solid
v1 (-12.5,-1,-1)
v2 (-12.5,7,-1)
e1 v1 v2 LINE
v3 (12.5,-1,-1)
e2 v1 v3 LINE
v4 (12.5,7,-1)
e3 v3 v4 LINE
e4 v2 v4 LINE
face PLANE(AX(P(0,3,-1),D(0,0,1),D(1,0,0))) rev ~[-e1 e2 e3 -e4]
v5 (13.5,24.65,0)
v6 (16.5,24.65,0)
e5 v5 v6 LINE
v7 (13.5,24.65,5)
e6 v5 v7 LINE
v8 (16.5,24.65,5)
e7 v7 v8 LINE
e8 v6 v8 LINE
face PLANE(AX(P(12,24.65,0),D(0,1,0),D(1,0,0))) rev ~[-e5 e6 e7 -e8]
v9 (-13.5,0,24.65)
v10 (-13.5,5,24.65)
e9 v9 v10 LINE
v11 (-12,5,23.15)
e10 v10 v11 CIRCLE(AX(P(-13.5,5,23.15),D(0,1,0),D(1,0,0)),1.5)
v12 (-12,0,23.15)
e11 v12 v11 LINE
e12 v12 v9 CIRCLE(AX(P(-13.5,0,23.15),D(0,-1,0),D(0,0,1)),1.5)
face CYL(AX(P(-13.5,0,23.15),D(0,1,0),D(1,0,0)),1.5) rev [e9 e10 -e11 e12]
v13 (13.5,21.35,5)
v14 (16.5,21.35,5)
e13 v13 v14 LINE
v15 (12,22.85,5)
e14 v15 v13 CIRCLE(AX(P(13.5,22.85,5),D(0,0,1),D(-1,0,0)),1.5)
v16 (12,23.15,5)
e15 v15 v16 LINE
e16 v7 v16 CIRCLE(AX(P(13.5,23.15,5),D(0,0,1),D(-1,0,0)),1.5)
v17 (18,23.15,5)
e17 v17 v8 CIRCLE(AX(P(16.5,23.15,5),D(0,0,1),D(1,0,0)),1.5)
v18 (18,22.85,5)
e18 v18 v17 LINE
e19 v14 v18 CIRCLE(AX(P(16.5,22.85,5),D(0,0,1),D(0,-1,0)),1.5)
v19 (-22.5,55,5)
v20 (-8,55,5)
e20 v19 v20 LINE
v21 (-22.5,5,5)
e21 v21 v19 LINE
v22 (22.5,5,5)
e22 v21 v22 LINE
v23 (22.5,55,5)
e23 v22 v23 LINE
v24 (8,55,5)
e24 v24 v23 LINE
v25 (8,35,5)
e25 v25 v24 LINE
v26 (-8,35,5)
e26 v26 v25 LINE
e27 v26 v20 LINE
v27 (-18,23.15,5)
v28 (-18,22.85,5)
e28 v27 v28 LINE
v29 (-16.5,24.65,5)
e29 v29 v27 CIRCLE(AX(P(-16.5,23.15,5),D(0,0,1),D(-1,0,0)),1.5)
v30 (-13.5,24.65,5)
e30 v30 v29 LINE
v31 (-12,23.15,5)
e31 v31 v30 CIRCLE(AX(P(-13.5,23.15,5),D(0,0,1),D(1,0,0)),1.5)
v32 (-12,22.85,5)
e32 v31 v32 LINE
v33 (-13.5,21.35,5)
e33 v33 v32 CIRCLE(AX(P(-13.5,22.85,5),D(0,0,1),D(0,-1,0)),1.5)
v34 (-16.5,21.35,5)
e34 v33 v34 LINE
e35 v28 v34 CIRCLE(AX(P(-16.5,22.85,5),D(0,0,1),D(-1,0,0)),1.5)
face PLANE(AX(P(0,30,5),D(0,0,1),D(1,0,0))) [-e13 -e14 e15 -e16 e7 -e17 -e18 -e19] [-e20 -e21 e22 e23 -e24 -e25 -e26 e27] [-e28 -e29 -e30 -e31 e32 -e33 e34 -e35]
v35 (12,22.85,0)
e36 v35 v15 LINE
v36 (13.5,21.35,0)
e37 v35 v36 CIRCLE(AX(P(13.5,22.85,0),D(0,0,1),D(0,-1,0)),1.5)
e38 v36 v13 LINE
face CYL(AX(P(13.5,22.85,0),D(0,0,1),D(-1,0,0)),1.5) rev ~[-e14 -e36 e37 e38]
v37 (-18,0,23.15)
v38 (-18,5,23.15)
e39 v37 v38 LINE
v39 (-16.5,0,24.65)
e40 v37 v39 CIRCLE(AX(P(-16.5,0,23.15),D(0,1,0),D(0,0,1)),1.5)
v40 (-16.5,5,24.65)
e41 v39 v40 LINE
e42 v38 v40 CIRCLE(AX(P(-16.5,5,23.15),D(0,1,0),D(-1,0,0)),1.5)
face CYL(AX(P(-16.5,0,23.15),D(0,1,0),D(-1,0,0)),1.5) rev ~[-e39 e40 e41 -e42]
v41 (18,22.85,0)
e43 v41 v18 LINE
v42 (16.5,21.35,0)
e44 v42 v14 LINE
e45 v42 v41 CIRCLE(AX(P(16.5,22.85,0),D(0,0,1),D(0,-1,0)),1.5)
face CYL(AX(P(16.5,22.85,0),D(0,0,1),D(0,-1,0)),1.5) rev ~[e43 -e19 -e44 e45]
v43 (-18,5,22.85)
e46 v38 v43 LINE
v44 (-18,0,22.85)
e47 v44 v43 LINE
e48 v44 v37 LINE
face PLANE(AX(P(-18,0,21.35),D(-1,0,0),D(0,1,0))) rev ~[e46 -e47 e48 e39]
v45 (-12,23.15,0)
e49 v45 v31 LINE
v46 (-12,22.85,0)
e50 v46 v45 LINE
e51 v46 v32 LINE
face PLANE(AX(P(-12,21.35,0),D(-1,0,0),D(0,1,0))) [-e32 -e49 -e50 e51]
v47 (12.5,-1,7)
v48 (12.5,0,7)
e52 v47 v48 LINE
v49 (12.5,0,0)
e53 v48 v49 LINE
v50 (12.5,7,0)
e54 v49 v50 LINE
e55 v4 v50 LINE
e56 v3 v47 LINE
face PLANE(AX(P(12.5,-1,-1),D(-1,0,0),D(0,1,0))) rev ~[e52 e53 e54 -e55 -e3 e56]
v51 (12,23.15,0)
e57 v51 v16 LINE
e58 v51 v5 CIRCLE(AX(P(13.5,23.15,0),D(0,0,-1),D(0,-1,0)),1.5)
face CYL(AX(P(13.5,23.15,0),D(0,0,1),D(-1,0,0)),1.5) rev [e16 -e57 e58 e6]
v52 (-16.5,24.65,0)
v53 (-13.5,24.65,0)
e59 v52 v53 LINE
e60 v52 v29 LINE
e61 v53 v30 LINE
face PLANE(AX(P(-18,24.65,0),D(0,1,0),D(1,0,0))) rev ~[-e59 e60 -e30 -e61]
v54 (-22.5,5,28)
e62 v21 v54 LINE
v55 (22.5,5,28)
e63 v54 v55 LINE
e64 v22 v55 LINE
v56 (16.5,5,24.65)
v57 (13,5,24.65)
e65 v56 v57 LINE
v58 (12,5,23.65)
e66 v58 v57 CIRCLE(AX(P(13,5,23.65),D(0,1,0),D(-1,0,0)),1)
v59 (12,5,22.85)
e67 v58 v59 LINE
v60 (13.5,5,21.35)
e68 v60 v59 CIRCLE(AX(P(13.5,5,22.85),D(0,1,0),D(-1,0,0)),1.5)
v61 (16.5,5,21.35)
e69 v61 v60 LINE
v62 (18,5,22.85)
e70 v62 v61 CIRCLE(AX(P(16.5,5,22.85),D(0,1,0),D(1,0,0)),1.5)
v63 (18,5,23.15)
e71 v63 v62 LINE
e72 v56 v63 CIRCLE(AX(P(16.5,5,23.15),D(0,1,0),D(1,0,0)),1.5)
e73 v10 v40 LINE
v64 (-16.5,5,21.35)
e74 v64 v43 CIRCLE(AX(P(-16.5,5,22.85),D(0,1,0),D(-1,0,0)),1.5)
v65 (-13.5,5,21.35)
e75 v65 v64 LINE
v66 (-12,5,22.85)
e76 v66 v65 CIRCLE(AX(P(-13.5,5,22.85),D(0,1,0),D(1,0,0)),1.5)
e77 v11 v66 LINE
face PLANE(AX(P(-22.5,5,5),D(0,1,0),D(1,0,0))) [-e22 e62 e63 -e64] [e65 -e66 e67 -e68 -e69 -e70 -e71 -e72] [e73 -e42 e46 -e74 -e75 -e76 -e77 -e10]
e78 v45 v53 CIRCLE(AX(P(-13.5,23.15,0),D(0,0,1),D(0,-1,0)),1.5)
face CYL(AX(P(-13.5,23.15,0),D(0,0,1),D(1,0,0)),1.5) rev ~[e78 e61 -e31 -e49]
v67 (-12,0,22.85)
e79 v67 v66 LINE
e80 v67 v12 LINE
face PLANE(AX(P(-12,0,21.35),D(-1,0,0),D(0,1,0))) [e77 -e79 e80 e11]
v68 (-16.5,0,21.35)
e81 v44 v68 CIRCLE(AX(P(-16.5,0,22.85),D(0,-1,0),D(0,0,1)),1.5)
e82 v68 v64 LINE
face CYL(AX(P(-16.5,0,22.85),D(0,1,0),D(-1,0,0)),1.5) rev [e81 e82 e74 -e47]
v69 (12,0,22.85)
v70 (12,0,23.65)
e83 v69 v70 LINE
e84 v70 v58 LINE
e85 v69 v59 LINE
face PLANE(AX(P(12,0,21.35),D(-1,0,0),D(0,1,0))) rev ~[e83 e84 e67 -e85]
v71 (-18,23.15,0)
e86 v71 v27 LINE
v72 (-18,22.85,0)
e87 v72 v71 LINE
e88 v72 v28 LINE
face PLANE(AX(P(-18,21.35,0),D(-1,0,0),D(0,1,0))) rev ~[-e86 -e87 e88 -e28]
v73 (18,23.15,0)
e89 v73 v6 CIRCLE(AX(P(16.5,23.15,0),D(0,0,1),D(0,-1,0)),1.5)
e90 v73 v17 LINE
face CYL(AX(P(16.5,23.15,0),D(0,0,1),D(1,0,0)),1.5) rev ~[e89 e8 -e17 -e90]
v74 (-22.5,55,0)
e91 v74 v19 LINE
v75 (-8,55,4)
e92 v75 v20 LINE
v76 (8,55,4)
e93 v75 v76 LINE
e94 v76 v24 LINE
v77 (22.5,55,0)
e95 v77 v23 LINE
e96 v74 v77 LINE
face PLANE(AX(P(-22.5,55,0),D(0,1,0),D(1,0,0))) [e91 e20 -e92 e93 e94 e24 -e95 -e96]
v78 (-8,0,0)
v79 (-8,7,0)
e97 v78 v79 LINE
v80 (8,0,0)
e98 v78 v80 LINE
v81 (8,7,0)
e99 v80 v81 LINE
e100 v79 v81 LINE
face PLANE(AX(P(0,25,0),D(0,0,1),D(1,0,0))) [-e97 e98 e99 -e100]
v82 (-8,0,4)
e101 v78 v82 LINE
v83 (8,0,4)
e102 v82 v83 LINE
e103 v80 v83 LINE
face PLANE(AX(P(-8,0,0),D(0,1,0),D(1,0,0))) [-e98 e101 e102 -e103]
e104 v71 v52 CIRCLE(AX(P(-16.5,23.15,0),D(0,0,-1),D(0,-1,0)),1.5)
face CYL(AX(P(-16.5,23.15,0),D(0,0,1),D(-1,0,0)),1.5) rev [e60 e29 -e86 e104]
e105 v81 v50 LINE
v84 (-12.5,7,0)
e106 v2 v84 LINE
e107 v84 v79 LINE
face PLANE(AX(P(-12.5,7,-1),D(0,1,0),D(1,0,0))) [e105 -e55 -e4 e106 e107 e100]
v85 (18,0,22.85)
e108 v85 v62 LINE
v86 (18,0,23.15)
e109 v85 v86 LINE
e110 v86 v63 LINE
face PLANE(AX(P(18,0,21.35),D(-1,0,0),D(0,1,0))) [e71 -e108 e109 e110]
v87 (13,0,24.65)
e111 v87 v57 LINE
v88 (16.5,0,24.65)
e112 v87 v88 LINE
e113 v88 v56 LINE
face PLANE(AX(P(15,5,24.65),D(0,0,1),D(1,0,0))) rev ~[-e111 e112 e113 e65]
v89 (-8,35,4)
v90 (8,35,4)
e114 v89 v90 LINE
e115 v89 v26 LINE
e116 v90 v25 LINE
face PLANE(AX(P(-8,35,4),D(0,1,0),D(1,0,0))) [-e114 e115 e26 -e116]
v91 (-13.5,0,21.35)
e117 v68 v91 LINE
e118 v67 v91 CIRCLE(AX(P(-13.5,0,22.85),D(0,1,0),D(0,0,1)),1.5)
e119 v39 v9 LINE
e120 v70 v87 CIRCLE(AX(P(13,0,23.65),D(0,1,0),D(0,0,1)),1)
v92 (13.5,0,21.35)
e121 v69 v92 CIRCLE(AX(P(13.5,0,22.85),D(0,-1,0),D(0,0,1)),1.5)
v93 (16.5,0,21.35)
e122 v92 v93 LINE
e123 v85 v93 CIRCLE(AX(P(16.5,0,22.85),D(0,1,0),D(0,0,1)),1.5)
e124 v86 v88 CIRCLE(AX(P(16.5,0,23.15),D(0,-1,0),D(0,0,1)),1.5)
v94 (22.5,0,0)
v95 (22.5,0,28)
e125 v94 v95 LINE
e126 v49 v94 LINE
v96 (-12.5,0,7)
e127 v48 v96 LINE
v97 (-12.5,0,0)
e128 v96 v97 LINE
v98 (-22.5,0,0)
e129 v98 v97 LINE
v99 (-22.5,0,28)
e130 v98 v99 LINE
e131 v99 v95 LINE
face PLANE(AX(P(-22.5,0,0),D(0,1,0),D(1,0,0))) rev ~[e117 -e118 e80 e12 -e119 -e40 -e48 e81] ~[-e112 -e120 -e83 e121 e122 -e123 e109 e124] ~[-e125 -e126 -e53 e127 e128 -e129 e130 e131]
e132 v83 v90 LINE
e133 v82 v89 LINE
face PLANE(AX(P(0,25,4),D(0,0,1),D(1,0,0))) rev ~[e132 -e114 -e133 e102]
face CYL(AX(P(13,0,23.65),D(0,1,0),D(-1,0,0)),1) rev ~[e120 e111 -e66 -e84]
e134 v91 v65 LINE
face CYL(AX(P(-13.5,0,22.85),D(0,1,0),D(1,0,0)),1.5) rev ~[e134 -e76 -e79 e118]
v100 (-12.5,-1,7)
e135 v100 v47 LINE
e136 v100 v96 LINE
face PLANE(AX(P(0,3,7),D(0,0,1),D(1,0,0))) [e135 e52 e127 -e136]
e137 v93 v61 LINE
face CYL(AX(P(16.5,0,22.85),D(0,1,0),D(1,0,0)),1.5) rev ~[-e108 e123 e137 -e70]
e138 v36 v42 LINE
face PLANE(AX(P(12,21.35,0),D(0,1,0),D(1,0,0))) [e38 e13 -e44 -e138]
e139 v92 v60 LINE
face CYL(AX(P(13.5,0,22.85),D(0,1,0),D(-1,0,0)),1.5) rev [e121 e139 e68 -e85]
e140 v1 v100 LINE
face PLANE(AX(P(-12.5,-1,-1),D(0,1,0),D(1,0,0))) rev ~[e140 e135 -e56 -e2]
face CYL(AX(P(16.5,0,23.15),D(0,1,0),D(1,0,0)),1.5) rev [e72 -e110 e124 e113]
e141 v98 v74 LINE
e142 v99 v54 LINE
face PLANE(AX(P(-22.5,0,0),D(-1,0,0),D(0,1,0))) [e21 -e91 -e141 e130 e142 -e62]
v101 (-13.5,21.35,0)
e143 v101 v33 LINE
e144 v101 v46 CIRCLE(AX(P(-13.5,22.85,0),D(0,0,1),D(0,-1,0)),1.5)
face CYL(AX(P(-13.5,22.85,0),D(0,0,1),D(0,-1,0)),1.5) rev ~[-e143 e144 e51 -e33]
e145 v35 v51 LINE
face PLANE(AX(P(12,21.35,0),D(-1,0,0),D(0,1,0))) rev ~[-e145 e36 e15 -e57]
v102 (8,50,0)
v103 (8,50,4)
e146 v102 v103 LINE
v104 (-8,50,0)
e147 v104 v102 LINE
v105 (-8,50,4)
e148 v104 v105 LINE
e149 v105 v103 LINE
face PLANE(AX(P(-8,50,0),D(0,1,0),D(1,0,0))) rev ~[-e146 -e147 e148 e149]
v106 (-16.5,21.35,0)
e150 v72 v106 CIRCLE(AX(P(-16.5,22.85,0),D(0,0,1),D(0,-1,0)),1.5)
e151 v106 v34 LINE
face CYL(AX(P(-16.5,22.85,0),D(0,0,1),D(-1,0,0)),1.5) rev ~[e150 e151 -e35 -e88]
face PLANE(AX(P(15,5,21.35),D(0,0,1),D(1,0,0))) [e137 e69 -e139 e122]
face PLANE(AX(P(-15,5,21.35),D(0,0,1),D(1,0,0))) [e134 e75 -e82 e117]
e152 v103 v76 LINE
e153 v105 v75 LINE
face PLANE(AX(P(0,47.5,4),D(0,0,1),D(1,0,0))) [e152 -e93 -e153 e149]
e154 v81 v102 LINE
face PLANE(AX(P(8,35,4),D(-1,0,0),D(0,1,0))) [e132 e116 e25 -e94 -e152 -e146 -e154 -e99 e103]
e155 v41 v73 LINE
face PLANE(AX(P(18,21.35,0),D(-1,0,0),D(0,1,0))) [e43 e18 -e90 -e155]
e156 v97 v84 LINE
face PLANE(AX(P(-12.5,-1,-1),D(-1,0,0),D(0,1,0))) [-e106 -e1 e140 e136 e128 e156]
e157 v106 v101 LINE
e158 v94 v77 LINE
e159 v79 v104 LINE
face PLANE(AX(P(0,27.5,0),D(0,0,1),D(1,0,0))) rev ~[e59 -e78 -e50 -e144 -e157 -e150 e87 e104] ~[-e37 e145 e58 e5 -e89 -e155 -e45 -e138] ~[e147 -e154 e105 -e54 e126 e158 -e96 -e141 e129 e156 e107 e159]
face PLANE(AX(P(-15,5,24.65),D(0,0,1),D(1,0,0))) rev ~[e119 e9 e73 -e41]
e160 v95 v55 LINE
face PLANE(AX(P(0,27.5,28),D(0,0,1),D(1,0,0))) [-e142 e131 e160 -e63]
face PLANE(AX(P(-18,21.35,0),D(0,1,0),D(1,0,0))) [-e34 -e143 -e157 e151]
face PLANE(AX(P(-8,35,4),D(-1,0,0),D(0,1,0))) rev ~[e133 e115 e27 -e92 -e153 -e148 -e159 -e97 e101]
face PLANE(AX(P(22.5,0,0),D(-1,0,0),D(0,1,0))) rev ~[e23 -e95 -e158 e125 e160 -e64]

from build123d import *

# Parameters (mm, degrees)
BOX016_W      = 6
BOX016_H      = 10
BOX016_DEPTH  = 3.3
FILLET001_R   = 1.5
BOX013_W      = 6
BOX013_H      = 3.3
BOX013_DEPTH  = 10
FILLET003_R   = 1.5
BOX015_W      = 6
BOX015_H      = 10
BOX015_DEPTH  = 3.3
FILLET002_1_R = 1.5
FILLET002_2_R = 1
BOX012_W      = 16
BOX012_H      = 25
BOX012_DEPTH  = 6
BOX017_W      = 45
BOX017_H      = 50
BOX017_DEPTH  = 23
BOX014_W      = 6
BOX014_H      = 3.3
BOX014_DEPTH  = 10
FILLET_R      = 1.5
BOX009_W      = 16
BOX009_H      = 50
BOX009_DEPTH  = 4
BOX_W         = 45
BOX_H         = 55
BOX_DEPTH     = 28
BOX007_W      = 25
BOX007_H      = 8
BOX007_DEPTH  = 8


with BuildPart() as fillet001:
    # Box016 → Box016 (new body)
    with BuildSketch(Plane(origin=(-18, 0, 21.35), x_dir=(1, 0, 0), z_dir=(0, 0, 1))):
        with Locations((3, 5)):
            Rectangle(BOX016_W, BOX016_H)
    extrude(amount=BOX016_DEPTH)

    # Fillet001
    fillet001_edges = [fillet001.edges().sort_by_distance(p)[0] for p in [
        (-18, 5, 24.65),
        (-18, 5, 21.35),
        (-12, 5, 24.65),
        (-12, 5, 21.35),
    ]]
    fillet(fillet001_edges, radius=FILLET001_R)


with BuildPart() as fillet003:
    # Box013 → Box013 (new body)
    with BuildSketch(Plane(origin=(12, 21.35, 0), x_dir=(1, 0, 0), z_dir=(0, 0, 1))):
        with Locations((3, 1.65)):
            Rectangle(BOX013_W, BOX013_H)
    extrude(amount=BOX013_DEPTH)

    # Fillet003
    fillet003_edges = [fillet003.edges().sort_by_distance(p)[0] for p in [
        (12, 21.35, 5),
        (12, 24.65, 5),
        (18, 21.35, 5),
        (18, 24.65, 5),
    ]]
    fillet(fillet003_edges, radius=FILLET003_R)


with BuildPart() as fillet002:
    # Box015 → Box015 (new body)
    with BuildSketch(Plane(origin=(12, 0, 21.35), x_dir=(1, 0, 0), z_dir=(0, 0, 1))):
        with Locations((3, 5)):
            Rectangle(BOX015_W, BOX015_H)
    extrude(amount=BOX015_DEPTH)

    # Fillet002 1
    fillet002_1_edges = [fillet002.edges().sort_by_distance(p)[0] for p in [
        (12, 5, 21.35),
        (18, 5, 24.65),
        (18, 5, 21.35),
    ]]
    fillet(fillet002_1_edges, radius=FILLET002_1_R)

    # Fillet002 2
    fillet002_2_edges = [fillet002.edges().sort_by_distance(p)[0] for p in [
        (12, 5, 24.65),
    ]]
    fillet(fillet002_2_edges, radius=FILLET002_2_R)


with BuildPart() as box012:
    # Box012 → Box012 (new body)
    with BuildSketch(Plane(origin=(-8, 35, 4), x_dir=(1, 0, 0), z_dir=(0, 0, 1))):
        with Locations((8, 12.5)):
            Rectangle(BOX012_W, BOX012_H)
    extrude(amount=BOX012_DEPTH)


with BuildPart() as box017:
    # Box017 → Box017 (new body)
    with BuildSketch(Plane(origin=(-22.5, 5, 5), x_dir=(1, 0, 0), z_dir=(0, 0, 1))):
        with Locations((22.5, 25)):
            Rectangle(BOX017_W, BOX017_H)
    extrude(amount=BOX017_DEPTH)


with BuildPart() as fillet_body:
    # Box014 → Box014 (new body)
    with BuildSketch(Plane(origin=(-18, 21.35, 0), x_dir=(1, 0, 0), z_dir=(0, 0, 1))):
        with Locations((3, 1.65)):
            Rectangle(BOX014_W, BOX014_H)
    extrude(amount=BOX014_DEPTH)

    # Fillet
    fillet_edges = [fillet_body.edges().sort_by_distance(p)[0] for p in [
        (-18, 21.35, 5),
        (-18, 24.65, 5),
        (-12, 21.35, 5),
        (-12, 24.65, 5),
    ]]
    fillet(fillet_edges, radius=FILLET_R)


with BuildPart() as fusion001:
    # Box009 → Box009 (new body)
    with BuildSketch(Plane(origin=(-8, 0, 0), x_dir=(1, 0, 0), z_dir=(0, 0, 1))):
        with Locations((8, 25)):
            Rectangle(BOX009_W, BOX009_H)
    extrude(amount=BOX009_DEPTH)

    # Fusion001: union Fillet001, Fillet003, Fillet002, Box012, Box017, Fillet body
    add(fillet001.part)
    add(fillet003.part)
    add(fillet002.part)
    add(box012.part)
    add(box017.part)
    add(fillet_body.part)


with BuildPart() as box:
    # Box → Box (new body)
    with BuildSketch(Plane(origin=(-22.5, 0, 0), x_dir=(1, 0, 0), z_dir=(0, 0, 1))):
        with Locations((22.5, 27.5)):
            Rectangle(BOX_W, BOX_H)
    extrude(amount=BOX_DEPTH)


with BuildPart() as cut:
    # Box007 → Box007 (new body)
    with BuildSketch(Plane(origin=(-12.5, -1, -1), x_dir=(1, 0, 0), z_dir=(0, 0, 1))):
        with Locations((12.5, 4)):
            Rectangle(BOX007_W, BOX007_H)
    extrude(amount=BOX007_DEPTH)

    # Fusion: union Box
    add(box.part)

    # Cut: cut Fusion001
    add(fusion001.part, mode=Mode.SUBTRACT)


solid = cut.part
